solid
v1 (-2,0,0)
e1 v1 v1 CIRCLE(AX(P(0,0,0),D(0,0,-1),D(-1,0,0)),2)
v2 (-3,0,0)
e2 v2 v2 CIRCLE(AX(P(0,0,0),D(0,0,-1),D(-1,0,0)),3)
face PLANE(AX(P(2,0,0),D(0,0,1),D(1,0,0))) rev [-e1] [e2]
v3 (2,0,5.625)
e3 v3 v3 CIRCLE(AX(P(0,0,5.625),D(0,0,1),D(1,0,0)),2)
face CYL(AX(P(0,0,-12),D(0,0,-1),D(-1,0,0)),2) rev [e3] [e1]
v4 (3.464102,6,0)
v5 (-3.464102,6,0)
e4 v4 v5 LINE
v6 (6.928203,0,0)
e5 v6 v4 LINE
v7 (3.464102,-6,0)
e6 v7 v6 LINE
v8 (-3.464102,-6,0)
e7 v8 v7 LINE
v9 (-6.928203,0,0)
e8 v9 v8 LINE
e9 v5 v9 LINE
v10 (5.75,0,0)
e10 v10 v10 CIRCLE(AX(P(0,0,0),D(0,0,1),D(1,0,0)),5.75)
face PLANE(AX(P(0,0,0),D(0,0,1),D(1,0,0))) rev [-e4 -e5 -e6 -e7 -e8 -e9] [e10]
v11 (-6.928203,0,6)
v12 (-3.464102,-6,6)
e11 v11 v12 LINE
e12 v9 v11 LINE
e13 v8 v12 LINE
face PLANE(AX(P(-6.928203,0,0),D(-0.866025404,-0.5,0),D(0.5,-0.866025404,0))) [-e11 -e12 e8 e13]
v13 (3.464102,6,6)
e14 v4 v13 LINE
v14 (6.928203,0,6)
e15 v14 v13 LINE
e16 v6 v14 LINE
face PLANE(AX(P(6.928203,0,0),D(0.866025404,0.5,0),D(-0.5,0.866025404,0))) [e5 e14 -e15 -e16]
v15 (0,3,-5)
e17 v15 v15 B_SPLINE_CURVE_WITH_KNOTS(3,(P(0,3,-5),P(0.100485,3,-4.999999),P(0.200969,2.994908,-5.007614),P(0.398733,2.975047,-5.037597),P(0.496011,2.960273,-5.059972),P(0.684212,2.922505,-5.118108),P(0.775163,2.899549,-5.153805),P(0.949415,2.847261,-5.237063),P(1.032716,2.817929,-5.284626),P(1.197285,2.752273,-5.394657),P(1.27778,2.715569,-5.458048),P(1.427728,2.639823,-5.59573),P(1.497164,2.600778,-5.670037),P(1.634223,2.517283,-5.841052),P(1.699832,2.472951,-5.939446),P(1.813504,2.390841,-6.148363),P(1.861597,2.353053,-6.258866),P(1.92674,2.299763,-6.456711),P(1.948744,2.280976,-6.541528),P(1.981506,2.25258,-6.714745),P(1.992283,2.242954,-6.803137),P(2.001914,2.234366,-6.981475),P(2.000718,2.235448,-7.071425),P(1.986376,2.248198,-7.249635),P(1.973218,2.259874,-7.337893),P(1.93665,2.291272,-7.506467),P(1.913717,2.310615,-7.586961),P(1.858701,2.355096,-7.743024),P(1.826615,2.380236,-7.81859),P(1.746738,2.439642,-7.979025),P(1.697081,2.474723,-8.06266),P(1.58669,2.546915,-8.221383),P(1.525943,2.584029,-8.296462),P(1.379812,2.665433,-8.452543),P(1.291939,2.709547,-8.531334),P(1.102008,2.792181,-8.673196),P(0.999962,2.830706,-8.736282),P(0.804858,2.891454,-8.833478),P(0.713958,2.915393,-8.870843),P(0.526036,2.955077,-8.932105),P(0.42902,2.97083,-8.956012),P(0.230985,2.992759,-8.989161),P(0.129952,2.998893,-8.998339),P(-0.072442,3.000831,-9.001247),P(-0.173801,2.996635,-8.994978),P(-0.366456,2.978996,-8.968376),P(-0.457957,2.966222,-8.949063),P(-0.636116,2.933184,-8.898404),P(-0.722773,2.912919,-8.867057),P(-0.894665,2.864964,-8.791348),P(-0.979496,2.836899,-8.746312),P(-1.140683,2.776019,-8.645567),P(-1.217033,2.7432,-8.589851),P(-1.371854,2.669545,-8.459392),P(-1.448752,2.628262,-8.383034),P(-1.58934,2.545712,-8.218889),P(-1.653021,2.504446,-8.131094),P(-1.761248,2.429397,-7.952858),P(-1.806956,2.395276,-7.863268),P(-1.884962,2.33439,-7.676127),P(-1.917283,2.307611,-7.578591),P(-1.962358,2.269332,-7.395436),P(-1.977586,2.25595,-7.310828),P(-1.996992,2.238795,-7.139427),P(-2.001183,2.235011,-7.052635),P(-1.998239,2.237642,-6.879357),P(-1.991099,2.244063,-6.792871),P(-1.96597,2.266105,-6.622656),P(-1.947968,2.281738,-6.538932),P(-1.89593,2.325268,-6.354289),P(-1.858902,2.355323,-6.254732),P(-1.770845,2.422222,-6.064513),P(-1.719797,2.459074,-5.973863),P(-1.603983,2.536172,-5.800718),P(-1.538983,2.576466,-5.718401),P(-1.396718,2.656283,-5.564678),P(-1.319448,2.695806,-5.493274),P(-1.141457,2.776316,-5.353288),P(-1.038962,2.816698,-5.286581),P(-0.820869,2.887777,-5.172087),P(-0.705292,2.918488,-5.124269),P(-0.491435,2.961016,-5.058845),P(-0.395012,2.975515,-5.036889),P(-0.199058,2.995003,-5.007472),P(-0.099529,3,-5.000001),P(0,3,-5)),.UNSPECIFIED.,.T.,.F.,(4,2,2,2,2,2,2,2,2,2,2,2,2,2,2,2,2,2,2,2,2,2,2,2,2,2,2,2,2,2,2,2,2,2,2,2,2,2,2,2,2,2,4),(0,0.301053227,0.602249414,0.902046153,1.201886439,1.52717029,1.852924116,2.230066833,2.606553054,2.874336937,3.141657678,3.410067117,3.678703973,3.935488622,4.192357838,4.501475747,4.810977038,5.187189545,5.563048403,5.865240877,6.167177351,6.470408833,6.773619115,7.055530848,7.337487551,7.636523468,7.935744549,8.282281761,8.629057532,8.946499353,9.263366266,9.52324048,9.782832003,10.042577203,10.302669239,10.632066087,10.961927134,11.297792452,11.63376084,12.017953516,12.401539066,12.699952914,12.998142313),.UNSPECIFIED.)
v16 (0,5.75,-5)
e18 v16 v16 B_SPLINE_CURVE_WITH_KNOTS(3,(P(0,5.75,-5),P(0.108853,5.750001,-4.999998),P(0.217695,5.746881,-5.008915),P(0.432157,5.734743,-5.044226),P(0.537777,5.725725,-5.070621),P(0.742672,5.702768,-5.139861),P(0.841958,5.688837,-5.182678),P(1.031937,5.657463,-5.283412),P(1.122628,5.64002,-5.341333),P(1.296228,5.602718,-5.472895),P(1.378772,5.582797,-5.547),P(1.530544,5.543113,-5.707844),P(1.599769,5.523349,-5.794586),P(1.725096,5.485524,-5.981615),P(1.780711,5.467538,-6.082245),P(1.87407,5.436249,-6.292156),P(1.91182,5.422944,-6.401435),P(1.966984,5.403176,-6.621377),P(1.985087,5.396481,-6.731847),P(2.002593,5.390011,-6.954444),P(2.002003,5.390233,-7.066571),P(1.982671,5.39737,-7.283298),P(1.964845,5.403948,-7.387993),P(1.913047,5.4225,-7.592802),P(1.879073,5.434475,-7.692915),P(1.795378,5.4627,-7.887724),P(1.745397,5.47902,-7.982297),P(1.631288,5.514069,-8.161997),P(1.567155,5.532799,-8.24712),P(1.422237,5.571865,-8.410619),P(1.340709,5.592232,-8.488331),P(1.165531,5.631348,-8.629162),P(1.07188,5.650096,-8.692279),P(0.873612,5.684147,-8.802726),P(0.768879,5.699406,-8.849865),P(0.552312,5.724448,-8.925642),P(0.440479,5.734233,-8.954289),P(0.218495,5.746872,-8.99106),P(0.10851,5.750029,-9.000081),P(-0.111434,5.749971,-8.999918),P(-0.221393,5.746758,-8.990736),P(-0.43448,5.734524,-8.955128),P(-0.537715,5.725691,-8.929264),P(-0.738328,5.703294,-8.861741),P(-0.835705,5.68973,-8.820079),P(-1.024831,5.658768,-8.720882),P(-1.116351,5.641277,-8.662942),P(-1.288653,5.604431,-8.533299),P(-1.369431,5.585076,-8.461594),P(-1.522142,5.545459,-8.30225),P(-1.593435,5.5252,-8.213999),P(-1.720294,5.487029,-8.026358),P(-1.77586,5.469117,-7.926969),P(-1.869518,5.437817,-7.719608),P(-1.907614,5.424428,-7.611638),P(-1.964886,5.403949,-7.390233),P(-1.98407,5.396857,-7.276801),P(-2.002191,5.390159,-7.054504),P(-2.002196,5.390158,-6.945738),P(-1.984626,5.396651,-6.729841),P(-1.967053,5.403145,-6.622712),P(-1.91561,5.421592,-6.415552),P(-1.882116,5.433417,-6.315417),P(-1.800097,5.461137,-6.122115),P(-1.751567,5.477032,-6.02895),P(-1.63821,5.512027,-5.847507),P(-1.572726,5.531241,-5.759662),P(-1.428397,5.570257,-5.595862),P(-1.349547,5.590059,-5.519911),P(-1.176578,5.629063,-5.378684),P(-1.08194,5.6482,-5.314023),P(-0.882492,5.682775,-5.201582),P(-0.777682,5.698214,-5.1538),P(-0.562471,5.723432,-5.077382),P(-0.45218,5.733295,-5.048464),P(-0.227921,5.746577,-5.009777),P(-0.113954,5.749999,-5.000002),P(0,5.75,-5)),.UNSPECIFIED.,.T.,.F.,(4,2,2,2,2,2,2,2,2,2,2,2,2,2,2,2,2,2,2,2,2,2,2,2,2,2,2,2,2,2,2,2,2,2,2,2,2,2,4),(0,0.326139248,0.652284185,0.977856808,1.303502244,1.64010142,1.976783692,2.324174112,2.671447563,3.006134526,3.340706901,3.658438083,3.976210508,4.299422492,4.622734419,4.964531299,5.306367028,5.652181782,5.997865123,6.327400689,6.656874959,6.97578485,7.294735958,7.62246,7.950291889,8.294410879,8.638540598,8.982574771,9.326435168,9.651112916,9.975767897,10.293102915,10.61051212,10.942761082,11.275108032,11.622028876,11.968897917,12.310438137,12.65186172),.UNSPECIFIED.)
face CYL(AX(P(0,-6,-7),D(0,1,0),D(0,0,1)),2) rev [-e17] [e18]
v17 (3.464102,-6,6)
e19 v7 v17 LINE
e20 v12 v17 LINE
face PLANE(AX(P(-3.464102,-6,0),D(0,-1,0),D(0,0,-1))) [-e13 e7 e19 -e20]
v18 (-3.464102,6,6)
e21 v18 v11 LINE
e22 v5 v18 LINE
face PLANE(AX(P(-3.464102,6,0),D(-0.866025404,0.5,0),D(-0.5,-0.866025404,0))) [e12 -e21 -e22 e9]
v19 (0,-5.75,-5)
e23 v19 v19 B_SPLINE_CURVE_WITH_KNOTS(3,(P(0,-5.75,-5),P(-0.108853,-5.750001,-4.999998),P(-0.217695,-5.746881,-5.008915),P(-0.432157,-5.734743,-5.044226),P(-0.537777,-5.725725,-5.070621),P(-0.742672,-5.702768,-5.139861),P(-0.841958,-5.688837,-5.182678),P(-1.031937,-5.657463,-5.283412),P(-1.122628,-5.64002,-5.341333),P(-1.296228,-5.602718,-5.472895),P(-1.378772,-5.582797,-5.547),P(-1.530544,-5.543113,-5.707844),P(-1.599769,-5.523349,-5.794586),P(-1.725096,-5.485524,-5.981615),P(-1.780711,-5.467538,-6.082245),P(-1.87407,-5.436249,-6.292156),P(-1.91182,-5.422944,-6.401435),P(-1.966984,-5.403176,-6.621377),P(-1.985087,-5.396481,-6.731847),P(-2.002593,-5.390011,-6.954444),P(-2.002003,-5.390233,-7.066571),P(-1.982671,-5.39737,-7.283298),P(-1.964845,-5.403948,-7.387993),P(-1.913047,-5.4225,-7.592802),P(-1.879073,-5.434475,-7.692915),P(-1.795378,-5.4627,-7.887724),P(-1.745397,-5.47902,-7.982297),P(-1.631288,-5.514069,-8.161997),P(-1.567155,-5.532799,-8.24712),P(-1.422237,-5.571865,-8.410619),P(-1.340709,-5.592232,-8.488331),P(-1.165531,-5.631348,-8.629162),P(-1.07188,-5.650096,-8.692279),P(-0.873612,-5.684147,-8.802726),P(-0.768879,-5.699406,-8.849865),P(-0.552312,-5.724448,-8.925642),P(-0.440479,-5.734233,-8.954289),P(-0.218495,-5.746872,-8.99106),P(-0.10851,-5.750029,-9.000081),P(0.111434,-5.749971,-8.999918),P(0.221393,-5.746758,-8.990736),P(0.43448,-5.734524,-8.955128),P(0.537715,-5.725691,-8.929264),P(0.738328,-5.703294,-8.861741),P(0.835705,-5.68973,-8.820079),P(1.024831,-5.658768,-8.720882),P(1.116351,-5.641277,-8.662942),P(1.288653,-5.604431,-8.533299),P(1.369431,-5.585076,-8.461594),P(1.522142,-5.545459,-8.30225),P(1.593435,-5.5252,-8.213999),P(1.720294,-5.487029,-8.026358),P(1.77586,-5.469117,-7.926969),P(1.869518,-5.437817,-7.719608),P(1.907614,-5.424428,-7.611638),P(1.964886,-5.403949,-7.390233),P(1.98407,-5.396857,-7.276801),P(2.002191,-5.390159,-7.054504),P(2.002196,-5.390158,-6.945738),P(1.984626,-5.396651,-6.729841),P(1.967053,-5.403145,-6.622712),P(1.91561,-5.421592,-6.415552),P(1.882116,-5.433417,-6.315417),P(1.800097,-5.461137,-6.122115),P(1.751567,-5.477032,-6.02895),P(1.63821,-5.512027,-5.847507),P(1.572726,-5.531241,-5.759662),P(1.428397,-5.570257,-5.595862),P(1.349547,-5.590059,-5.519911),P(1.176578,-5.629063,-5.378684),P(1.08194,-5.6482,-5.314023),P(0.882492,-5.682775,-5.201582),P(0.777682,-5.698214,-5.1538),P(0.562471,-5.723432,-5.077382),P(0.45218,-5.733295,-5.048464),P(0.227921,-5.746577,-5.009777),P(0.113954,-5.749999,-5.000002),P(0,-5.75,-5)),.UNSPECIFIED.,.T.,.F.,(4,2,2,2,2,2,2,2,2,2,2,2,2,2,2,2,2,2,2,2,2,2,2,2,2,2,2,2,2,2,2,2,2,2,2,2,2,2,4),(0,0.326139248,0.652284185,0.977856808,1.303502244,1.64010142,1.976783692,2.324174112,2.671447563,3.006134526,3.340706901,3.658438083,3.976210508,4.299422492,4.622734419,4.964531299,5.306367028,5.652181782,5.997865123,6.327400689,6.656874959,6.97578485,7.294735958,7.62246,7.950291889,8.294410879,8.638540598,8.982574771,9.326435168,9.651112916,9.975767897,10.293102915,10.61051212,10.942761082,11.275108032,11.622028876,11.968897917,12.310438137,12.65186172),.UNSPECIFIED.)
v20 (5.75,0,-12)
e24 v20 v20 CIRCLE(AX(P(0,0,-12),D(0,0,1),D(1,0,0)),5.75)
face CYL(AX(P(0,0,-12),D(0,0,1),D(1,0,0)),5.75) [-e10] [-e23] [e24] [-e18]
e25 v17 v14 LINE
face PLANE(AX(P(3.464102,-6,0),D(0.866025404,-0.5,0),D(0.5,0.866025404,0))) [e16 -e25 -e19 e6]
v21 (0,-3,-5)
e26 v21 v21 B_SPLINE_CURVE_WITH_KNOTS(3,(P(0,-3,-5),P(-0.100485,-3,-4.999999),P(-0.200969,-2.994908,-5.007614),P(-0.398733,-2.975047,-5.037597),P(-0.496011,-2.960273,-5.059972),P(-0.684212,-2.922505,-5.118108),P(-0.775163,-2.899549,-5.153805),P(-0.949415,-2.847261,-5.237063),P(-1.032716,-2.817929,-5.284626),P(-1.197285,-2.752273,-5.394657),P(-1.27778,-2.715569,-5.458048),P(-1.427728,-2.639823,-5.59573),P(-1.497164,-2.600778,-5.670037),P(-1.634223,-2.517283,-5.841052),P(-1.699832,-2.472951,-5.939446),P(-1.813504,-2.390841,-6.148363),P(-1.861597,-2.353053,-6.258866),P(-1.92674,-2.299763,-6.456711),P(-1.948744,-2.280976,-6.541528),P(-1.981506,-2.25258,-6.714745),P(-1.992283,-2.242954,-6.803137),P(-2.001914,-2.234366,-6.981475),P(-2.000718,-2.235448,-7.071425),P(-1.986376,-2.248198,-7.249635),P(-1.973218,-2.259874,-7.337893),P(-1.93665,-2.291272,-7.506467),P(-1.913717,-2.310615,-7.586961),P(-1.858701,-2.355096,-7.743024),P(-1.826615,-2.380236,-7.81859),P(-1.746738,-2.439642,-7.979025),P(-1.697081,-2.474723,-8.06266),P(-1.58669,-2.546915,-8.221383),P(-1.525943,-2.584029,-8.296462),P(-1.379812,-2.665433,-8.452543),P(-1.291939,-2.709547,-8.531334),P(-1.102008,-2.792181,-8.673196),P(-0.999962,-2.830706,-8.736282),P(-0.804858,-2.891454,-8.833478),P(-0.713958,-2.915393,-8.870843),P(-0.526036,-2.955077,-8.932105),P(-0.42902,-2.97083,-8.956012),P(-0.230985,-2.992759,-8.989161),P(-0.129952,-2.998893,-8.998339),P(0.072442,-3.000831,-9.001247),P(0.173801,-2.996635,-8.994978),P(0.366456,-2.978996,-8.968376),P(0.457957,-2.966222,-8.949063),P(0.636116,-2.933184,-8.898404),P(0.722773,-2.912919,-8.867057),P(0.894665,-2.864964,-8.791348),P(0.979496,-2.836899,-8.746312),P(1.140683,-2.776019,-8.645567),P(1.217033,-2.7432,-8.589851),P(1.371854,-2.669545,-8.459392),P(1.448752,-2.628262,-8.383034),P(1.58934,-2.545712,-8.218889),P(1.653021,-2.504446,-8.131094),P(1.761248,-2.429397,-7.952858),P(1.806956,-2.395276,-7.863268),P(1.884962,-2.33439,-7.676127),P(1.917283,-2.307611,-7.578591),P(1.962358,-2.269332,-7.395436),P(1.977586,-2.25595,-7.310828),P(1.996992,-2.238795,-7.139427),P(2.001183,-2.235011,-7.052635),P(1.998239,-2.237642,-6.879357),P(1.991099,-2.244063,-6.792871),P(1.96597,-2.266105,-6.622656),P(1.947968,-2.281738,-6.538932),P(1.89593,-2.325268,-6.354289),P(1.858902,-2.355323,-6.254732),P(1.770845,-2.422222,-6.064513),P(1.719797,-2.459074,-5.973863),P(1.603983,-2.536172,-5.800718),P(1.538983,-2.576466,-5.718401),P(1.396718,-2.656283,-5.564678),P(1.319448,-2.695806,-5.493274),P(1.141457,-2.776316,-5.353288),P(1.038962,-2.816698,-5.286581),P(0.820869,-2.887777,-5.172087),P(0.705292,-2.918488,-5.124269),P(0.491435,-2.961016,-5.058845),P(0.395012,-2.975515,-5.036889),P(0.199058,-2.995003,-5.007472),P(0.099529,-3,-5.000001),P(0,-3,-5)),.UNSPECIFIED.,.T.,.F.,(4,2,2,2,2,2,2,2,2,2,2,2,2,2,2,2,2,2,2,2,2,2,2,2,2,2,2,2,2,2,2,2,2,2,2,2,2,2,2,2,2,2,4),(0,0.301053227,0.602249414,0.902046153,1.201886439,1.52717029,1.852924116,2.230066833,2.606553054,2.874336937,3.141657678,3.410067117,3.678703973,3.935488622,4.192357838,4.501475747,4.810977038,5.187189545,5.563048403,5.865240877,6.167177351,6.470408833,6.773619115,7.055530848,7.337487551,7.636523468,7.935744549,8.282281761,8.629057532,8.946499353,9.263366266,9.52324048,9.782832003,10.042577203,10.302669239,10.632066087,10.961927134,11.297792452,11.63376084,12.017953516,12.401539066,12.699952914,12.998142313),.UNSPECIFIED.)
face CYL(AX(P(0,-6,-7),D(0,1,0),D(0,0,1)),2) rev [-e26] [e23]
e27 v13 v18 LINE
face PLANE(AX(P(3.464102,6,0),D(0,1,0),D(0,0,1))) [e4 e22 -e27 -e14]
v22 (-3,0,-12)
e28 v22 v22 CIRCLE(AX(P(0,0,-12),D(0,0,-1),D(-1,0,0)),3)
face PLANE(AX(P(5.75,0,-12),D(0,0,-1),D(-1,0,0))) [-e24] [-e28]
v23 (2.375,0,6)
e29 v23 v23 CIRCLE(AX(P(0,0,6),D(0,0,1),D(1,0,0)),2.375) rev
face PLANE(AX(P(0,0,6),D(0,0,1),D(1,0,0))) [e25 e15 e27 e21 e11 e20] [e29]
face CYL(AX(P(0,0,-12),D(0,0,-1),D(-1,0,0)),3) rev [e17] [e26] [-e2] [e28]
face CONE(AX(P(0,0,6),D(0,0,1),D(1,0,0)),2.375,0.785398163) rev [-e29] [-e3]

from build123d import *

# Parameters (mm, degrees)
EXTRUDE_1_DEPTH              = 6
SKETCH_2_W                   = 5.75
SKETCH_2_H                   = 12
HOLE_WIZARD_M4_1_D           = 4
HOLE_WIZARD_M4_1_CBORE_D     = 6
HOLE_WIZARD_M4_1_CBORE_DEPTH = 12
SKETCH_7_R                   = 2
CUT_EXTRUDE_1_DEPTH          = 19.167622299
CHAMFER_1_SIZE               = 0.375


with BuildPart() as part:
    # 草图1 → 凸台-拉伸1 (new body)
    with BuildSketch(Plane.XY.offset(6)):
        Polygon((-3.464101615, -6), (3.464101615, -6), (6.92820323, 0), (3.464101615, 6), (-3.464101615, 6), (-6.92820323, 0), align=None)
    extrude(amount=-EXTRUDE_1_DEPTH)

    # 草图2 → 旋转1 (revolve)
    with BuildSketch(Plane(origin=(0, 0, 0), x_dir=(1, 0, 0), z_dir=(0, 1, 0))):
        with Locations((2.875, 6)):
            Rectangle(SKETCH_2_W, SKETCH_2_H)
    revolve(axis=Axis((0, 0, -12), (0, 0, 1)))

    # M4 六角头机械螺钉的柱形沉头孔1 (through all)
    with Locations(Plane(origin=(0, 0, -12), x_dir=(-1, 0, 0), z_dir=(0, 0, -1))):
        with Locations((0, 0)):
            CounterBoreHole(HOLE_WIZARD_M4_1_D / 2, HOLE_WIZARD_M4_1_CBORE_D / 2, HOLE_WIZARD_M4_1_CBORE_DEPTH)

    # 草图7 → 切除-拉伸1 (cut, through all)
    with BuildSketch(Plane(origin=(0, 5.75, 0), x_dir=(1, 0, 0), z_dir=(0, 1, 0))):
        with Locations(Location((0, 7, 0), (0, 0, 270))):
            Circle(SKETCH_7_R)
    extrude(amount=-CUT_EXTRUDE_1_DEPTH, mode=Mode.SUBTRACT)

    # 倒角1
    chamfer_1_edges = [part.edges().sort_by_distance(p)[0] for p in [
        (-2, 0, 6),
    ]]
    chamfer(chamfer_1_edges, length=CHAMFER_1_SIZE)


solid = part.part
